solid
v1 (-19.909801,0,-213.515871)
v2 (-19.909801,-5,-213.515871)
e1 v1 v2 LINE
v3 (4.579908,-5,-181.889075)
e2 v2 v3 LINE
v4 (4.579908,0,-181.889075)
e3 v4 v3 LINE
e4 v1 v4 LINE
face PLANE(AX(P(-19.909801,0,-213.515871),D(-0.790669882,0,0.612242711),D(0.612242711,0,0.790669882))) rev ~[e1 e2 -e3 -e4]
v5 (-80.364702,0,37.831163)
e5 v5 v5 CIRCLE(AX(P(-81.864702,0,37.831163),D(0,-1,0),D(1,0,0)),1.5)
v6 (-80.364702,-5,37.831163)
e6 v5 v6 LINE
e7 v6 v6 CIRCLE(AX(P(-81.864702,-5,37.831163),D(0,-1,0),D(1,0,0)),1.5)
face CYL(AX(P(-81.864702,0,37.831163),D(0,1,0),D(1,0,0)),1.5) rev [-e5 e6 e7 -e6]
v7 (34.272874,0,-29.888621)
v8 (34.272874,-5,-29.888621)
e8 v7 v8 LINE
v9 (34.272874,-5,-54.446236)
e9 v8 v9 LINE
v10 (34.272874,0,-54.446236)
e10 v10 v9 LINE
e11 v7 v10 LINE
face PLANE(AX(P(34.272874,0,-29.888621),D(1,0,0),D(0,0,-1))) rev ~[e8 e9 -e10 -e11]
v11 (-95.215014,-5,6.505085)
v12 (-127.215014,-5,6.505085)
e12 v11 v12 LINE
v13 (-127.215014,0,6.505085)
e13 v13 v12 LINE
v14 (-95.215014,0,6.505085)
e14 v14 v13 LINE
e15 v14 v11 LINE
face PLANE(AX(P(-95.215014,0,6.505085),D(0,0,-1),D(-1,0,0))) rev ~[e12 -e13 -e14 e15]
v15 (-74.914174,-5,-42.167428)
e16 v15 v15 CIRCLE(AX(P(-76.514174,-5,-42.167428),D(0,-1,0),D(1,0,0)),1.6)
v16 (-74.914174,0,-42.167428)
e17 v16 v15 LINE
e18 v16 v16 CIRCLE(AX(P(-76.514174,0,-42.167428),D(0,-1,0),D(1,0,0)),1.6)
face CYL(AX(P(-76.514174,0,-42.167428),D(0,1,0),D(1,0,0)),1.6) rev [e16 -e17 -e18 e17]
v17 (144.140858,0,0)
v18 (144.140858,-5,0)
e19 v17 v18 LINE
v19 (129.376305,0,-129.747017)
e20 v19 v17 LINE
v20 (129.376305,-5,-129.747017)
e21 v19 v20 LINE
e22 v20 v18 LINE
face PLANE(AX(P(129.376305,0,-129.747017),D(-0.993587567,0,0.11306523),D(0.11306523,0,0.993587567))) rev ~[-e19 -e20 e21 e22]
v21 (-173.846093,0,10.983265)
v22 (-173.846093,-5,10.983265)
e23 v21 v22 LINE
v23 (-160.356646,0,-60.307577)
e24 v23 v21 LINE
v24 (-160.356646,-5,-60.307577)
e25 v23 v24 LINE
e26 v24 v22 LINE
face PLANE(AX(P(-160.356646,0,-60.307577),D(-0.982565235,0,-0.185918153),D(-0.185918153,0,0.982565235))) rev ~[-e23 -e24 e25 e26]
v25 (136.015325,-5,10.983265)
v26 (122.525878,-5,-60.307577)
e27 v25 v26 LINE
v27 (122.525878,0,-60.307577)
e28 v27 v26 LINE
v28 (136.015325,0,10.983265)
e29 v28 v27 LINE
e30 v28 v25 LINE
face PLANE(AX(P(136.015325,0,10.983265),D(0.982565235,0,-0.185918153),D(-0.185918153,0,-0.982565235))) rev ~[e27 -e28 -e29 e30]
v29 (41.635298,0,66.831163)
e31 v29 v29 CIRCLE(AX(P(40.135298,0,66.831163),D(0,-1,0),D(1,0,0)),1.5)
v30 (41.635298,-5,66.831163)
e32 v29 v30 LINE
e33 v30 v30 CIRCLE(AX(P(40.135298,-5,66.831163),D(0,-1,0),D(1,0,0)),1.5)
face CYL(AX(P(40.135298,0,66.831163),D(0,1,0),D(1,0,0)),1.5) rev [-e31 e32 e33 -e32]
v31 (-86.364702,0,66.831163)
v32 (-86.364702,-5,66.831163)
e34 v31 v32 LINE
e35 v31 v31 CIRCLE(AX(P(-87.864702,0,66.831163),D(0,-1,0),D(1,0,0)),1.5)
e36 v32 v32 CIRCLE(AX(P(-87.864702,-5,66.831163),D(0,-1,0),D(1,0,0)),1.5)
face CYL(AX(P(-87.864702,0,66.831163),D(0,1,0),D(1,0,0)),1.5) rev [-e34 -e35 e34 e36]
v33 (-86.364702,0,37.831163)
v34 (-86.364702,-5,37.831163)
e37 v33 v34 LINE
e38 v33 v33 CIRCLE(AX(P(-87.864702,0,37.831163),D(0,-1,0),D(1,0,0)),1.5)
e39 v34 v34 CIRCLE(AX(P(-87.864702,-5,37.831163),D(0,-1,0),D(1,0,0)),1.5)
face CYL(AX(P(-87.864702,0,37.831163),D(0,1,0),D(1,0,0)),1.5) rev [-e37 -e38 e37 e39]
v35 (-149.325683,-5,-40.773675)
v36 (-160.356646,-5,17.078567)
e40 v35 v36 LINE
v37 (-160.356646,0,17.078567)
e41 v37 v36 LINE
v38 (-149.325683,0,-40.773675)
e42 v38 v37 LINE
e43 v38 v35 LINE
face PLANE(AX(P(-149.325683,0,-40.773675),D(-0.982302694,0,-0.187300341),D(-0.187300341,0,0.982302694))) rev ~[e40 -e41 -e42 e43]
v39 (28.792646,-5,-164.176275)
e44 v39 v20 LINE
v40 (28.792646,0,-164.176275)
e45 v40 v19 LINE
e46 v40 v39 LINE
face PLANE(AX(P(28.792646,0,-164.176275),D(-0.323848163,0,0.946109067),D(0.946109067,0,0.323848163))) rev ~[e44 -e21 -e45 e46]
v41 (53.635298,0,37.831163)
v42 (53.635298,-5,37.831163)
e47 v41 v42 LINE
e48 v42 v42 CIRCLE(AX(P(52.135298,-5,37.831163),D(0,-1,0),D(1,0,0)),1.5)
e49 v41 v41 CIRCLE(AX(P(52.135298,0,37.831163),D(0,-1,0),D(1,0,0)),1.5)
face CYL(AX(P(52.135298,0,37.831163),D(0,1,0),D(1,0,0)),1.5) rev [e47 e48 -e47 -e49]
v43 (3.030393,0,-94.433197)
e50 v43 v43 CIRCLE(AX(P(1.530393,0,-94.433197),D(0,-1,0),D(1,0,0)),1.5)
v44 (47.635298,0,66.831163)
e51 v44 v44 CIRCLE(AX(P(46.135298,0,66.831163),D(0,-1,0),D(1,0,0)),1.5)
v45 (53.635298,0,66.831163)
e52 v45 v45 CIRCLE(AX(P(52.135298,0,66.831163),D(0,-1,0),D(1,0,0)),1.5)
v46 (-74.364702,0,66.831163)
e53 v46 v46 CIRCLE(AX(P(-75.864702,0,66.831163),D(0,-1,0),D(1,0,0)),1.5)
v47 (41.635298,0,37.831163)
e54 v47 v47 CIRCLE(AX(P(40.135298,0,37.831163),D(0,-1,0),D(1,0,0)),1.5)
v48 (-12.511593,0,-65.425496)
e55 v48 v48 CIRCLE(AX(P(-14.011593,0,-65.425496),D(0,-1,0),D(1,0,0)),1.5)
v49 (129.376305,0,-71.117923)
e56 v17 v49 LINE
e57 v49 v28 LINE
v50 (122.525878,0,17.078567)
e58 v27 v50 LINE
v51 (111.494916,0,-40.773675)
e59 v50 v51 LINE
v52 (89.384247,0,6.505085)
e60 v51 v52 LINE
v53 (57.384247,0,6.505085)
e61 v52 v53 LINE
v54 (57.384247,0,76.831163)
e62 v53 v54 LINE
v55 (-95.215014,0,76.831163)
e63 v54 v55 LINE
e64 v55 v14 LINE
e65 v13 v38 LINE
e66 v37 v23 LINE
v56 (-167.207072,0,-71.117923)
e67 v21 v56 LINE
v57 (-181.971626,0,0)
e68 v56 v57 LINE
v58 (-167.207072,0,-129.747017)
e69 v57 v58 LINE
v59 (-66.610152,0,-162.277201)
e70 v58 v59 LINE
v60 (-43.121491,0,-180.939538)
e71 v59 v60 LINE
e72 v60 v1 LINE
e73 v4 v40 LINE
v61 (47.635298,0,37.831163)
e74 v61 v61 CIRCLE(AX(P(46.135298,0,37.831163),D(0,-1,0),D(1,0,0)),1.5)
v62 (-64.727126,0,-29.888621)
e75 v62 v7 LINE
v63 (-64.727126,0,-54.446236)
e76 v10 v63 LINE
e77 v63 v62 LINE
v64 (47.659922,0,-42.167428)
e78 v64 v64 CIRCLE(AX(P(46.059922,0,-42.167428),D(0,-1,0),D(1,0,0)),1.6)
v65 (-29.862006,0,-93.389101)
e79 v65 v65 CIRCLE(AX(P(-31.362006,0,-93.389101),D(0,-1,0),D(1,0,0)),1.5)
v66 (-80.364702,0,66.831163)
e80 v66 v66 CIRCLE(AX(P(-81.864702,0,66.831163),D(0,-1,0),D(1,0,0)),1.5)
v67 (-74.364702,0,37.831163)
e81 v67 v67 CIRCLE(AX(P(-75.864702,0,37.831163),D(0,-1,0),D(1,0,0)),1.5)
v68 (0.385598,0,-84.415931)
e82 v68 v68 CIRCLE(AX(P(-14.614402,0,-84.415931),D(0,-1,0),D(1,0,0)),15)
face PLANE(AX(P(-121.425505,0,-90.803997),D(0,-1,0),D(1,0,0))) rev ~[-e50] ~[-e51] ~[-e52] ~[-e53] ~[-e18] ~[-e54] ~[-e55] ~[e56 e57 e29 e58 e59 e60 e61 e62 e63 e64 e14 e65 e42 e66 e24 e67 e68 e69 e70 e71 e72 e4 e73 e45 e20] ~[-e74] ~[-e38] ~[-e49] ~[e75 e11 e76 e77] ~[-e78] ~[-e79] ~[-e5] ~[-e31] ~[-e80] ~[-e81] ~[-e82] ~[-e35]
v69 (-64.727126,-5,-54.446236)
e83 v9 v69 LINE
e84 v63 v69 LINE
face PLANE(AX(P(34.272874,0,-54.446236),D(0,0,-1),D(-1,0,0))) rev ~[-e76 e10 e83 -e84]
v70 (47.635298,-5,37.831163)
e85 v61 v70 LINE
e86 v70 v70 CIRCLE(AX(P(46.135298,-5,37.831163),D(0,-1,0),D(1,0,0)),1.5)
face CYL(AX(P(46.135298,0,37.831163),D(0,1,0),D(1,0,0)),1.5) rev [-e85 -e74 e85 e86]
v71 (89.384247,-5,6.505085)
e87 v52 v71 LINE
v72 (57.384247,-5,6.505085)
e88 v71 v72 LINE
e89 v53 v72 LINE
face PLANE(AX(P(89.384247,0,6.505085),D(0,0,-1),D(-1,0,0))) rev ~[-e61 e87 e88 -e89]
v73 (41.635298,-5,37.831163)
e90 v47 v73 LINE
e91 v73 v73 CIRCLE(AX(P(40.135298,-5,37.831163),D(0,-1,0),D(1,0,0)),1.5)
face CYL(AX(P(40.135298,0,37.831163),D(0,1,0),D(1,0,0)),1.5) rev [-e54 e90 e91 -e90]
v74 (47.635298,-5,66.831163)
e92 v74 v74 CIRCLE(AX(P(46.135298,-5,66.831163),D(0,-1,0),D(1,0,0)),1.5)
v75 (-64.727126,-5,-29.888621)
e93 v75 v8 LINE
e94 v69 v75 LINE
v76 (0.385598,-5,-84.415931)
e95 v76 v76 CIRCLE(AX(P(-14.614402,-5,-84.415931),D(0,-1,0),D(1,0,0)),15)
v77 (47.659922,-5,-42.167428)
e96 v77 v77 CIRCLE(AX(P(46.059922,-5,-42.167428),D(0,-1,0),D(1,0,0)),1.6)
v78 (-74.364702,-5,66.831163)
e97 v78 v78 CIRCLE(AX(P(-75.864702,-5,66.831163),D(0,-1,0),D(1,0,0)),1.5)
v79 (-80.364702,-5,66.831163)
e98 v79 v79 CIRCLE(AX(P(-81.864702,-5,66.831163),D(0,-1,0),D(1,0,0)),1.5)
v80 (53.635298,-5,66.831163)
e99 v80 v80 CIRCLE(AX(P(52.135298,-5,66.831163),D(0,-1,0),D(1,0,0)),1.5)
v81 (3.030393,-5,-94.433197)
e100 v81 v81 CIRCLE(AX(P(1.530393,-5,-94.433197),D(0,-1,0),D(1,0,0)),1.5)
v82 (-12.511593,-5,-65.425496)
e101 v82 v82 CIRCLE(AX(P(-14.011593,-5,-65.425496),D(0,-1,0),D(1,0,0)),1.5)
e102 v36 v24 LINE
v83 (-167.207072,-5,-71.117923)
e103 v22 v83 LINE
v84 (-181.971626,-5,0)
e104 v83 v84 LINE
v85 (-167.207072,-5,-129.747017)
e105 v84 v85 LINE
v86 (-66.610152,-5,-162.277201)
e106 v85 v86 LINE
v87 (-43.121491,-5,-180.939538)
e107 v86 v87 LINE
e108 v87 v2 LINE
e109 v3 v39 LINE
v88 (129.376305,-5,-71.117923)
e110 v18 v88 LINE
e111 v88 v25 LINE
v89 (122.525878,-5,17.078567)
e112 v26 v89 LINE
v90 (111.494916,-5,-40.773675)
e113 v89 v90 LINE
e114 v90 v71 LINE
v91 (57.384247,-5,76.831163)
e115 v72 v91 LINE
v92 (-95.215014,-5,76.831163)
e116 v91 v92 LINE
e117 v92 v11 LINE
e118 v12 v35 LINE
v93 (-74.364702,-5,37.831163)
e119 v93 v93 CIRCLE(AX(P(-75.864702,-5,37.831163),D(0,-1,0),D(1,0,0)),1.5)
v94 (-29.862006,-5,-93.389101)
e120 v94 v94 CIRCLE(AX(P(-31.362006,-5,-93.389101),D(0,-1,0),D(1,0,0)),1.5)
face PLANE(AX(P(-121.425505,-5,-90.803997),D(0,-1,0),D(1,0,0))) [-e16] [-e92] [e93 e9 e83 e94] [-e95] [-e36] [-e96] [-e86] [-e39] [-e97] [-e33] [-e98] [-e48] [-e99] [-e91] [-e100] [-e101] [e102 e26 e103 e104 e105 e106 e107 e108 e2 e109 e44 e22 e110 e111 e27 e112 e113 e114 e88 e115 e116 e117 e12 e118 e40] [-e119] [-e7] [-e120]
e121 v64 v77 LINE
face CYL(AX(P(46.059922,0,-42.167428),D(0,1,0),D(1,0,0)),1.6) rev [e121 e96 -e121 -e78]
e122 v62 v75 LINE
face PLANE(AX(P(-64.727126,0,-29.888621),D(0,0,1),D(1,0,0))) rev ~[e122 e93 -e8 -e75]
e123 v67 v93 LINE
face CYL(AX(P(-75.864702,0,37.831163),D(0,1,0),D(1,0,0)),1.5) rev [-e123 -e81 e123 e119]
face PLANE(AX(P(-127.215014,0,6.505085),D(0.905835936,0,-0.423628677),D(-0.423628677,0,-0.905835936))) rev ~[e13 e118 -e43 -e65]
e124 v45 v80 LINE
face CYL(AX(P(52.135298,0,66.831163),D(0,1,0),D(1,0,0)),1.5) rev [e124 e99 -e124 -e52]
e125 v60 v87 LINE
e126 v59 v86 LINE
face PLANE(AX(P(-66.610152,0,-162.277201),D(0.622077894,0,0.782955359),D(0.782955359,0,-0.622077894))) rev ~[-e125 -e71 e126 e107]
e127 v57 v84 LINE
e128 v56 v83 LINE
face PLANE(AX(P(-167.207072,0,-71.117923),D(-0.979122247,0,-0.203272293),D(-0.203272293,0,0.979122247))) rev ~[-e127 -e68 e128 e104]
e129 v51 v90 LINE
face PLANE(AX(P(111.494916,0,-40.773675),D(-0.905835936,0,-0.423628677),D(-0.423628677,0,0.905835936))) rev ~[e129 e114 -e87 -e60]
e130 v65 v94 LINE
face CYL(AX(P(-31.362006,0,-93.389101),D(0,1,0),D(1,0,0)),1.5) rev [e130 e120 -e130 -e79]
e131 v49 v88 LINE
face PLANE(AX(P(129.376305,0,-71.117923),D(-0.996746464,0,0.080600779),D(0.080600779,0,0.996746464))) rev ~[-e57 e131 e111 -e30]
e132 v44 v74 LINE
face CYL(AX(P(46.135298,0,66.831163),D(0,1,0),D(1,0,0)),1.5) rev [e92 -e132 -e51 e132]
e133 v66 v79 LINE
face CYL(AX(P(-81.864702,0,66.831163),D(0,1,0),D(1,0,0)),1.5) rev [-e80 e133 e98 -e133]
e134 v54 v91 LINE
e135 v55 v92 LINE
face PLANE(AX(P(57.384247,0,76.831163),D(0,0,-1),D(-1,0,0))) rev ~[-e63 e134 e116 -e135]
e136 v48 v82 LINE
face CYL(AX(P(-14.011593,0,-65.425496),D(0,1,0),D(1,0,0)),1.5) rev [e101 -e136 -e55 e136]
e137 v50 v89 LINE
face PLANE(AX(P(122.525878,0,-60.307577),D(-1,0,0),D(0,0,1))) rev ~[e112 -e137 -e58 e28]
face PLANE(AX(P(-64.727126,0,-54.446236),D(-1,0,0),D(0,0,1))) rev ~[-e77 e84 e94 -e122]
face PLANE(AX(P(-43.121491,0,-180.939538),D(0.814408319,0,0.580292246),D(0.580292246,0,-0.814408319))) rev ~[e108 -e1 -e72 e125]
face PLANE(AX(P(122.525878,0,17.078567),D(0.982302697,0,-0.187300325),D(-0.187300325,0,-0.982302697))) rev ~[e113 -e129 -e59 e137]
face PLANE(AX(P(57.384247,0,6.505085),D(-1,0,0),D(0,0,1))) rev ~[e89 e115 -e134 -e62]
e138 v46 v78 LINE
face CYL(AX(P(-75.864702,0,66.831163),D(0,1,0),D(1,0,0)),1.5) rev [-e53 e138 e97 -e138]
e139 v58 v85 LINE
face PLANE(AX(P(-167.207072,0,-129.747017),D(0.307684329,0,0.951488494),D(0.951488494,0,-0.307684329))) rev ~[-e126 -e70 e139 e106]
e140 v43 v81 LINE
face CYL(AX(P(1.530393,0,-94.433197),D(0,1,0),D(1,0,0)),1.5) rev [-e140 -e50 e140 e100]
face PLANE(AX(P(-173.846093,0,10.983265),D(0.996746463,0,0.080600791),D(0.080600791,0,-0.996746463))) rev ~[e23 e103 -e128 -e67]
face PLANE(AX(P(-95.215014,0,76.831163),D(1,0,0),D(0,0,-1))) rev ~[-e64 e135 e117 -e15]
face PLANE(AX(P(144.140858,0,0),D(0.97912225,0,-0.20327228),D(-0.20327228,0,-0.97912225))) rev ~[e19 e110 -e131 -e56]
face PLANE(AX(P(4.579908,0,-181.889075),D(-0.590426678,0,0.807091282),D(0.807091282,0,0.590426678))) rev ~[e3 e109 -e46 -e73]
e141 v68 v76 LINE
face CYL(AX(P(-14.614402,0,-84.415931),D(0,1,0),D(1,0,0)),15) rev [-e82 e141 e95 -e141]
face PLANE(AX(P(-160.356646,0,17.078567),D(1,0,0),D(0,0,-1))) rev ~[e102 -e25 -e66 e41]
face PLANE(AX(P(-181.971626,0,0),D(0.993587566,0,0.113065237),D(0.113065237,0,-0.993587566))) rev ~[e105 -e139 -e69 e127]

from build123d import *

# Parameters (mm, degrees)
F0_R     = 1.5
F0_R_2   = 15
F0_R_3   = 1.6
F1_DEPTH = 5


with BuildPart() as f1:
    # F0 (on Front) → F1 (new body)
    with BuildSketch(Plane.XZ):
        Polygon((-95.215014, -129.747017), (-127.215014, 6.505085), (-167.207072, -129.747017), (-66.610152, -162.277201), align=None)
        Polygon((-167.207072, -129.747017), (-127.215014, 6.505085), (-149.325683, -40.773675), (-160.356646, 17.078567), (-160.356646, -60.307577), (-173.846093, 10.983265), (-167.207072, -71.117923), (-181.971626, 0), align=None)
        Polygon((-95.215014, -67.651076), (-95.215014, 6.505085), (-127.215014, 6.505085), (-95.215014, -129.747017), align=None)
        Polygon((57.384247, 76.831163), (-95.215014, 76.831163), (-95.215014, 6.505085), (-95.215014, -67.651076), (-95.215014, -129.747017), (57.384247, -129.747017), (57.384247, 6.505085), align=None)
        with Locations((-31.362006, -93.389101)):
            Circle(F0_R, mode=Mode.SUBTRACT)
        with Locations((1.530393, -94.433197)):
            Circle(F0_R, mode=Mode.SUBTRACT)
        with Locations((-14.614402, -84.415931)):
            Circle(F0_R_2, mode=Mode.SUBTRACT)
        with Locations((-87.864702, 37.831163)):
            Circle(F0_R, mode=Mode.SUBTRACT)
        with Locations((-81.864702, 37.831163)):
            Circle(F0_R, mode=Mode.SUBTRACT)
        with Locations((-75.864702, 37.831163)):
            Circle(F0_R, mode=Mode.SUBTRACT)
        with Locations((-87.864702, 66.831163)):
            Circle(F0_R, mode=Mode.SUBTRACT)
        with Locations((-81.864702, 66.831163)):
            Circle(F0_R, mode=Mode.SUBTRACT)
        with Locations((-75.864702, 66.831163)):
            Circle(F0_R, mode=Mode.SUBTRACT)
        with Locations((-14.011593, -65.425496)):
            Circle(F0_R, mode=Mode.SUBTRACT)
        Polygon((-64.727126, -54.446236), (-80.514174, -42.167428), (-64.727126, -29.888621), (34.272874, -29.888621), (50.059922, -42.167428), (34.272874, -54.446236), align=None, mode=Mode.SUBTRACT)
        with Locations((40.135298, 37.831163)):
            Circle(F0_R, mode=Mode.SUBTRACT)
        with Locations((46.135298, 37.831163)):
            Circle(F0_R, mode=Mode.SUBTRACT)
        with Locations((52.135298, 37.831163)):
            Circle(F0_R, mode=Mode.SUBTRACT)
        with Locations((40.135298, 66.831163)):
            Circle(F0_R, mode=Mode.SUBTRACT)
        with Locations((46.135298, 66.831163)):
            Circle(F0_R, mode=Mode.SUBTRACT)
        with Locations((52.135298, 66.831163)):
            Circle(F0_R, mode=Mode.SUBTRACT)
        Polygon((4.579908, -181.889075), (28.792646, -164.176275), (-19.206401, -178.179541), (-66.610152, -162.277201), (-43.121491, -180.939538), (-19.632831, -199.601876), align=None)
        Polygon((28.792646, -164.176275), (57.384247, -129.747017), (-95.215014, -129.747017), (-66.610152, -162.277201), (-19.206401, -178.179541), align=None)
        Polygon((-19.909801, -213.515871), (4.579908, -181.889075), (-19.632831, -199.601876), (-43.121491, -180.939538), align=None)
        Polygon((89.384247, 6.505085), (57.384247, -129.747017), (28.792646, -164.176275), (129.376305, -129.747017), align=None)
        Polygon((89.384247, 6.505085), (57.384247, 6.505085), (57.384247, -129.747017), align=None)
        Polygon((111.494916, -40.773675), (89.384247, 6.505085), (129.376305, -129.747017), (144.140858, 0), (129.376305, -71.117923), (136.015325, 10.983265), (122.525878, -60.307577), (122.525878, 17.078567), align=None)
        Polygon((-64.727126, -29.888621), (-80.514174, -42.167428), (-64.727126, -54.446236), align=None)
        with Locations((-76.514174, -42.167428)):
            Circle(F0_R_3, mode=Mode.SUBTRACT)
        Polygon((50.059922, -42.167428), (34.272874, -29.888621), (34.272874, -54.446236), align=None)
        with Locations((46.059922, -42.167428)):
            Circle(F0_R_3, mode=Mode.SUBTRACT)
    extrude(amount=F1_DEPTH)


solid = f1.part
